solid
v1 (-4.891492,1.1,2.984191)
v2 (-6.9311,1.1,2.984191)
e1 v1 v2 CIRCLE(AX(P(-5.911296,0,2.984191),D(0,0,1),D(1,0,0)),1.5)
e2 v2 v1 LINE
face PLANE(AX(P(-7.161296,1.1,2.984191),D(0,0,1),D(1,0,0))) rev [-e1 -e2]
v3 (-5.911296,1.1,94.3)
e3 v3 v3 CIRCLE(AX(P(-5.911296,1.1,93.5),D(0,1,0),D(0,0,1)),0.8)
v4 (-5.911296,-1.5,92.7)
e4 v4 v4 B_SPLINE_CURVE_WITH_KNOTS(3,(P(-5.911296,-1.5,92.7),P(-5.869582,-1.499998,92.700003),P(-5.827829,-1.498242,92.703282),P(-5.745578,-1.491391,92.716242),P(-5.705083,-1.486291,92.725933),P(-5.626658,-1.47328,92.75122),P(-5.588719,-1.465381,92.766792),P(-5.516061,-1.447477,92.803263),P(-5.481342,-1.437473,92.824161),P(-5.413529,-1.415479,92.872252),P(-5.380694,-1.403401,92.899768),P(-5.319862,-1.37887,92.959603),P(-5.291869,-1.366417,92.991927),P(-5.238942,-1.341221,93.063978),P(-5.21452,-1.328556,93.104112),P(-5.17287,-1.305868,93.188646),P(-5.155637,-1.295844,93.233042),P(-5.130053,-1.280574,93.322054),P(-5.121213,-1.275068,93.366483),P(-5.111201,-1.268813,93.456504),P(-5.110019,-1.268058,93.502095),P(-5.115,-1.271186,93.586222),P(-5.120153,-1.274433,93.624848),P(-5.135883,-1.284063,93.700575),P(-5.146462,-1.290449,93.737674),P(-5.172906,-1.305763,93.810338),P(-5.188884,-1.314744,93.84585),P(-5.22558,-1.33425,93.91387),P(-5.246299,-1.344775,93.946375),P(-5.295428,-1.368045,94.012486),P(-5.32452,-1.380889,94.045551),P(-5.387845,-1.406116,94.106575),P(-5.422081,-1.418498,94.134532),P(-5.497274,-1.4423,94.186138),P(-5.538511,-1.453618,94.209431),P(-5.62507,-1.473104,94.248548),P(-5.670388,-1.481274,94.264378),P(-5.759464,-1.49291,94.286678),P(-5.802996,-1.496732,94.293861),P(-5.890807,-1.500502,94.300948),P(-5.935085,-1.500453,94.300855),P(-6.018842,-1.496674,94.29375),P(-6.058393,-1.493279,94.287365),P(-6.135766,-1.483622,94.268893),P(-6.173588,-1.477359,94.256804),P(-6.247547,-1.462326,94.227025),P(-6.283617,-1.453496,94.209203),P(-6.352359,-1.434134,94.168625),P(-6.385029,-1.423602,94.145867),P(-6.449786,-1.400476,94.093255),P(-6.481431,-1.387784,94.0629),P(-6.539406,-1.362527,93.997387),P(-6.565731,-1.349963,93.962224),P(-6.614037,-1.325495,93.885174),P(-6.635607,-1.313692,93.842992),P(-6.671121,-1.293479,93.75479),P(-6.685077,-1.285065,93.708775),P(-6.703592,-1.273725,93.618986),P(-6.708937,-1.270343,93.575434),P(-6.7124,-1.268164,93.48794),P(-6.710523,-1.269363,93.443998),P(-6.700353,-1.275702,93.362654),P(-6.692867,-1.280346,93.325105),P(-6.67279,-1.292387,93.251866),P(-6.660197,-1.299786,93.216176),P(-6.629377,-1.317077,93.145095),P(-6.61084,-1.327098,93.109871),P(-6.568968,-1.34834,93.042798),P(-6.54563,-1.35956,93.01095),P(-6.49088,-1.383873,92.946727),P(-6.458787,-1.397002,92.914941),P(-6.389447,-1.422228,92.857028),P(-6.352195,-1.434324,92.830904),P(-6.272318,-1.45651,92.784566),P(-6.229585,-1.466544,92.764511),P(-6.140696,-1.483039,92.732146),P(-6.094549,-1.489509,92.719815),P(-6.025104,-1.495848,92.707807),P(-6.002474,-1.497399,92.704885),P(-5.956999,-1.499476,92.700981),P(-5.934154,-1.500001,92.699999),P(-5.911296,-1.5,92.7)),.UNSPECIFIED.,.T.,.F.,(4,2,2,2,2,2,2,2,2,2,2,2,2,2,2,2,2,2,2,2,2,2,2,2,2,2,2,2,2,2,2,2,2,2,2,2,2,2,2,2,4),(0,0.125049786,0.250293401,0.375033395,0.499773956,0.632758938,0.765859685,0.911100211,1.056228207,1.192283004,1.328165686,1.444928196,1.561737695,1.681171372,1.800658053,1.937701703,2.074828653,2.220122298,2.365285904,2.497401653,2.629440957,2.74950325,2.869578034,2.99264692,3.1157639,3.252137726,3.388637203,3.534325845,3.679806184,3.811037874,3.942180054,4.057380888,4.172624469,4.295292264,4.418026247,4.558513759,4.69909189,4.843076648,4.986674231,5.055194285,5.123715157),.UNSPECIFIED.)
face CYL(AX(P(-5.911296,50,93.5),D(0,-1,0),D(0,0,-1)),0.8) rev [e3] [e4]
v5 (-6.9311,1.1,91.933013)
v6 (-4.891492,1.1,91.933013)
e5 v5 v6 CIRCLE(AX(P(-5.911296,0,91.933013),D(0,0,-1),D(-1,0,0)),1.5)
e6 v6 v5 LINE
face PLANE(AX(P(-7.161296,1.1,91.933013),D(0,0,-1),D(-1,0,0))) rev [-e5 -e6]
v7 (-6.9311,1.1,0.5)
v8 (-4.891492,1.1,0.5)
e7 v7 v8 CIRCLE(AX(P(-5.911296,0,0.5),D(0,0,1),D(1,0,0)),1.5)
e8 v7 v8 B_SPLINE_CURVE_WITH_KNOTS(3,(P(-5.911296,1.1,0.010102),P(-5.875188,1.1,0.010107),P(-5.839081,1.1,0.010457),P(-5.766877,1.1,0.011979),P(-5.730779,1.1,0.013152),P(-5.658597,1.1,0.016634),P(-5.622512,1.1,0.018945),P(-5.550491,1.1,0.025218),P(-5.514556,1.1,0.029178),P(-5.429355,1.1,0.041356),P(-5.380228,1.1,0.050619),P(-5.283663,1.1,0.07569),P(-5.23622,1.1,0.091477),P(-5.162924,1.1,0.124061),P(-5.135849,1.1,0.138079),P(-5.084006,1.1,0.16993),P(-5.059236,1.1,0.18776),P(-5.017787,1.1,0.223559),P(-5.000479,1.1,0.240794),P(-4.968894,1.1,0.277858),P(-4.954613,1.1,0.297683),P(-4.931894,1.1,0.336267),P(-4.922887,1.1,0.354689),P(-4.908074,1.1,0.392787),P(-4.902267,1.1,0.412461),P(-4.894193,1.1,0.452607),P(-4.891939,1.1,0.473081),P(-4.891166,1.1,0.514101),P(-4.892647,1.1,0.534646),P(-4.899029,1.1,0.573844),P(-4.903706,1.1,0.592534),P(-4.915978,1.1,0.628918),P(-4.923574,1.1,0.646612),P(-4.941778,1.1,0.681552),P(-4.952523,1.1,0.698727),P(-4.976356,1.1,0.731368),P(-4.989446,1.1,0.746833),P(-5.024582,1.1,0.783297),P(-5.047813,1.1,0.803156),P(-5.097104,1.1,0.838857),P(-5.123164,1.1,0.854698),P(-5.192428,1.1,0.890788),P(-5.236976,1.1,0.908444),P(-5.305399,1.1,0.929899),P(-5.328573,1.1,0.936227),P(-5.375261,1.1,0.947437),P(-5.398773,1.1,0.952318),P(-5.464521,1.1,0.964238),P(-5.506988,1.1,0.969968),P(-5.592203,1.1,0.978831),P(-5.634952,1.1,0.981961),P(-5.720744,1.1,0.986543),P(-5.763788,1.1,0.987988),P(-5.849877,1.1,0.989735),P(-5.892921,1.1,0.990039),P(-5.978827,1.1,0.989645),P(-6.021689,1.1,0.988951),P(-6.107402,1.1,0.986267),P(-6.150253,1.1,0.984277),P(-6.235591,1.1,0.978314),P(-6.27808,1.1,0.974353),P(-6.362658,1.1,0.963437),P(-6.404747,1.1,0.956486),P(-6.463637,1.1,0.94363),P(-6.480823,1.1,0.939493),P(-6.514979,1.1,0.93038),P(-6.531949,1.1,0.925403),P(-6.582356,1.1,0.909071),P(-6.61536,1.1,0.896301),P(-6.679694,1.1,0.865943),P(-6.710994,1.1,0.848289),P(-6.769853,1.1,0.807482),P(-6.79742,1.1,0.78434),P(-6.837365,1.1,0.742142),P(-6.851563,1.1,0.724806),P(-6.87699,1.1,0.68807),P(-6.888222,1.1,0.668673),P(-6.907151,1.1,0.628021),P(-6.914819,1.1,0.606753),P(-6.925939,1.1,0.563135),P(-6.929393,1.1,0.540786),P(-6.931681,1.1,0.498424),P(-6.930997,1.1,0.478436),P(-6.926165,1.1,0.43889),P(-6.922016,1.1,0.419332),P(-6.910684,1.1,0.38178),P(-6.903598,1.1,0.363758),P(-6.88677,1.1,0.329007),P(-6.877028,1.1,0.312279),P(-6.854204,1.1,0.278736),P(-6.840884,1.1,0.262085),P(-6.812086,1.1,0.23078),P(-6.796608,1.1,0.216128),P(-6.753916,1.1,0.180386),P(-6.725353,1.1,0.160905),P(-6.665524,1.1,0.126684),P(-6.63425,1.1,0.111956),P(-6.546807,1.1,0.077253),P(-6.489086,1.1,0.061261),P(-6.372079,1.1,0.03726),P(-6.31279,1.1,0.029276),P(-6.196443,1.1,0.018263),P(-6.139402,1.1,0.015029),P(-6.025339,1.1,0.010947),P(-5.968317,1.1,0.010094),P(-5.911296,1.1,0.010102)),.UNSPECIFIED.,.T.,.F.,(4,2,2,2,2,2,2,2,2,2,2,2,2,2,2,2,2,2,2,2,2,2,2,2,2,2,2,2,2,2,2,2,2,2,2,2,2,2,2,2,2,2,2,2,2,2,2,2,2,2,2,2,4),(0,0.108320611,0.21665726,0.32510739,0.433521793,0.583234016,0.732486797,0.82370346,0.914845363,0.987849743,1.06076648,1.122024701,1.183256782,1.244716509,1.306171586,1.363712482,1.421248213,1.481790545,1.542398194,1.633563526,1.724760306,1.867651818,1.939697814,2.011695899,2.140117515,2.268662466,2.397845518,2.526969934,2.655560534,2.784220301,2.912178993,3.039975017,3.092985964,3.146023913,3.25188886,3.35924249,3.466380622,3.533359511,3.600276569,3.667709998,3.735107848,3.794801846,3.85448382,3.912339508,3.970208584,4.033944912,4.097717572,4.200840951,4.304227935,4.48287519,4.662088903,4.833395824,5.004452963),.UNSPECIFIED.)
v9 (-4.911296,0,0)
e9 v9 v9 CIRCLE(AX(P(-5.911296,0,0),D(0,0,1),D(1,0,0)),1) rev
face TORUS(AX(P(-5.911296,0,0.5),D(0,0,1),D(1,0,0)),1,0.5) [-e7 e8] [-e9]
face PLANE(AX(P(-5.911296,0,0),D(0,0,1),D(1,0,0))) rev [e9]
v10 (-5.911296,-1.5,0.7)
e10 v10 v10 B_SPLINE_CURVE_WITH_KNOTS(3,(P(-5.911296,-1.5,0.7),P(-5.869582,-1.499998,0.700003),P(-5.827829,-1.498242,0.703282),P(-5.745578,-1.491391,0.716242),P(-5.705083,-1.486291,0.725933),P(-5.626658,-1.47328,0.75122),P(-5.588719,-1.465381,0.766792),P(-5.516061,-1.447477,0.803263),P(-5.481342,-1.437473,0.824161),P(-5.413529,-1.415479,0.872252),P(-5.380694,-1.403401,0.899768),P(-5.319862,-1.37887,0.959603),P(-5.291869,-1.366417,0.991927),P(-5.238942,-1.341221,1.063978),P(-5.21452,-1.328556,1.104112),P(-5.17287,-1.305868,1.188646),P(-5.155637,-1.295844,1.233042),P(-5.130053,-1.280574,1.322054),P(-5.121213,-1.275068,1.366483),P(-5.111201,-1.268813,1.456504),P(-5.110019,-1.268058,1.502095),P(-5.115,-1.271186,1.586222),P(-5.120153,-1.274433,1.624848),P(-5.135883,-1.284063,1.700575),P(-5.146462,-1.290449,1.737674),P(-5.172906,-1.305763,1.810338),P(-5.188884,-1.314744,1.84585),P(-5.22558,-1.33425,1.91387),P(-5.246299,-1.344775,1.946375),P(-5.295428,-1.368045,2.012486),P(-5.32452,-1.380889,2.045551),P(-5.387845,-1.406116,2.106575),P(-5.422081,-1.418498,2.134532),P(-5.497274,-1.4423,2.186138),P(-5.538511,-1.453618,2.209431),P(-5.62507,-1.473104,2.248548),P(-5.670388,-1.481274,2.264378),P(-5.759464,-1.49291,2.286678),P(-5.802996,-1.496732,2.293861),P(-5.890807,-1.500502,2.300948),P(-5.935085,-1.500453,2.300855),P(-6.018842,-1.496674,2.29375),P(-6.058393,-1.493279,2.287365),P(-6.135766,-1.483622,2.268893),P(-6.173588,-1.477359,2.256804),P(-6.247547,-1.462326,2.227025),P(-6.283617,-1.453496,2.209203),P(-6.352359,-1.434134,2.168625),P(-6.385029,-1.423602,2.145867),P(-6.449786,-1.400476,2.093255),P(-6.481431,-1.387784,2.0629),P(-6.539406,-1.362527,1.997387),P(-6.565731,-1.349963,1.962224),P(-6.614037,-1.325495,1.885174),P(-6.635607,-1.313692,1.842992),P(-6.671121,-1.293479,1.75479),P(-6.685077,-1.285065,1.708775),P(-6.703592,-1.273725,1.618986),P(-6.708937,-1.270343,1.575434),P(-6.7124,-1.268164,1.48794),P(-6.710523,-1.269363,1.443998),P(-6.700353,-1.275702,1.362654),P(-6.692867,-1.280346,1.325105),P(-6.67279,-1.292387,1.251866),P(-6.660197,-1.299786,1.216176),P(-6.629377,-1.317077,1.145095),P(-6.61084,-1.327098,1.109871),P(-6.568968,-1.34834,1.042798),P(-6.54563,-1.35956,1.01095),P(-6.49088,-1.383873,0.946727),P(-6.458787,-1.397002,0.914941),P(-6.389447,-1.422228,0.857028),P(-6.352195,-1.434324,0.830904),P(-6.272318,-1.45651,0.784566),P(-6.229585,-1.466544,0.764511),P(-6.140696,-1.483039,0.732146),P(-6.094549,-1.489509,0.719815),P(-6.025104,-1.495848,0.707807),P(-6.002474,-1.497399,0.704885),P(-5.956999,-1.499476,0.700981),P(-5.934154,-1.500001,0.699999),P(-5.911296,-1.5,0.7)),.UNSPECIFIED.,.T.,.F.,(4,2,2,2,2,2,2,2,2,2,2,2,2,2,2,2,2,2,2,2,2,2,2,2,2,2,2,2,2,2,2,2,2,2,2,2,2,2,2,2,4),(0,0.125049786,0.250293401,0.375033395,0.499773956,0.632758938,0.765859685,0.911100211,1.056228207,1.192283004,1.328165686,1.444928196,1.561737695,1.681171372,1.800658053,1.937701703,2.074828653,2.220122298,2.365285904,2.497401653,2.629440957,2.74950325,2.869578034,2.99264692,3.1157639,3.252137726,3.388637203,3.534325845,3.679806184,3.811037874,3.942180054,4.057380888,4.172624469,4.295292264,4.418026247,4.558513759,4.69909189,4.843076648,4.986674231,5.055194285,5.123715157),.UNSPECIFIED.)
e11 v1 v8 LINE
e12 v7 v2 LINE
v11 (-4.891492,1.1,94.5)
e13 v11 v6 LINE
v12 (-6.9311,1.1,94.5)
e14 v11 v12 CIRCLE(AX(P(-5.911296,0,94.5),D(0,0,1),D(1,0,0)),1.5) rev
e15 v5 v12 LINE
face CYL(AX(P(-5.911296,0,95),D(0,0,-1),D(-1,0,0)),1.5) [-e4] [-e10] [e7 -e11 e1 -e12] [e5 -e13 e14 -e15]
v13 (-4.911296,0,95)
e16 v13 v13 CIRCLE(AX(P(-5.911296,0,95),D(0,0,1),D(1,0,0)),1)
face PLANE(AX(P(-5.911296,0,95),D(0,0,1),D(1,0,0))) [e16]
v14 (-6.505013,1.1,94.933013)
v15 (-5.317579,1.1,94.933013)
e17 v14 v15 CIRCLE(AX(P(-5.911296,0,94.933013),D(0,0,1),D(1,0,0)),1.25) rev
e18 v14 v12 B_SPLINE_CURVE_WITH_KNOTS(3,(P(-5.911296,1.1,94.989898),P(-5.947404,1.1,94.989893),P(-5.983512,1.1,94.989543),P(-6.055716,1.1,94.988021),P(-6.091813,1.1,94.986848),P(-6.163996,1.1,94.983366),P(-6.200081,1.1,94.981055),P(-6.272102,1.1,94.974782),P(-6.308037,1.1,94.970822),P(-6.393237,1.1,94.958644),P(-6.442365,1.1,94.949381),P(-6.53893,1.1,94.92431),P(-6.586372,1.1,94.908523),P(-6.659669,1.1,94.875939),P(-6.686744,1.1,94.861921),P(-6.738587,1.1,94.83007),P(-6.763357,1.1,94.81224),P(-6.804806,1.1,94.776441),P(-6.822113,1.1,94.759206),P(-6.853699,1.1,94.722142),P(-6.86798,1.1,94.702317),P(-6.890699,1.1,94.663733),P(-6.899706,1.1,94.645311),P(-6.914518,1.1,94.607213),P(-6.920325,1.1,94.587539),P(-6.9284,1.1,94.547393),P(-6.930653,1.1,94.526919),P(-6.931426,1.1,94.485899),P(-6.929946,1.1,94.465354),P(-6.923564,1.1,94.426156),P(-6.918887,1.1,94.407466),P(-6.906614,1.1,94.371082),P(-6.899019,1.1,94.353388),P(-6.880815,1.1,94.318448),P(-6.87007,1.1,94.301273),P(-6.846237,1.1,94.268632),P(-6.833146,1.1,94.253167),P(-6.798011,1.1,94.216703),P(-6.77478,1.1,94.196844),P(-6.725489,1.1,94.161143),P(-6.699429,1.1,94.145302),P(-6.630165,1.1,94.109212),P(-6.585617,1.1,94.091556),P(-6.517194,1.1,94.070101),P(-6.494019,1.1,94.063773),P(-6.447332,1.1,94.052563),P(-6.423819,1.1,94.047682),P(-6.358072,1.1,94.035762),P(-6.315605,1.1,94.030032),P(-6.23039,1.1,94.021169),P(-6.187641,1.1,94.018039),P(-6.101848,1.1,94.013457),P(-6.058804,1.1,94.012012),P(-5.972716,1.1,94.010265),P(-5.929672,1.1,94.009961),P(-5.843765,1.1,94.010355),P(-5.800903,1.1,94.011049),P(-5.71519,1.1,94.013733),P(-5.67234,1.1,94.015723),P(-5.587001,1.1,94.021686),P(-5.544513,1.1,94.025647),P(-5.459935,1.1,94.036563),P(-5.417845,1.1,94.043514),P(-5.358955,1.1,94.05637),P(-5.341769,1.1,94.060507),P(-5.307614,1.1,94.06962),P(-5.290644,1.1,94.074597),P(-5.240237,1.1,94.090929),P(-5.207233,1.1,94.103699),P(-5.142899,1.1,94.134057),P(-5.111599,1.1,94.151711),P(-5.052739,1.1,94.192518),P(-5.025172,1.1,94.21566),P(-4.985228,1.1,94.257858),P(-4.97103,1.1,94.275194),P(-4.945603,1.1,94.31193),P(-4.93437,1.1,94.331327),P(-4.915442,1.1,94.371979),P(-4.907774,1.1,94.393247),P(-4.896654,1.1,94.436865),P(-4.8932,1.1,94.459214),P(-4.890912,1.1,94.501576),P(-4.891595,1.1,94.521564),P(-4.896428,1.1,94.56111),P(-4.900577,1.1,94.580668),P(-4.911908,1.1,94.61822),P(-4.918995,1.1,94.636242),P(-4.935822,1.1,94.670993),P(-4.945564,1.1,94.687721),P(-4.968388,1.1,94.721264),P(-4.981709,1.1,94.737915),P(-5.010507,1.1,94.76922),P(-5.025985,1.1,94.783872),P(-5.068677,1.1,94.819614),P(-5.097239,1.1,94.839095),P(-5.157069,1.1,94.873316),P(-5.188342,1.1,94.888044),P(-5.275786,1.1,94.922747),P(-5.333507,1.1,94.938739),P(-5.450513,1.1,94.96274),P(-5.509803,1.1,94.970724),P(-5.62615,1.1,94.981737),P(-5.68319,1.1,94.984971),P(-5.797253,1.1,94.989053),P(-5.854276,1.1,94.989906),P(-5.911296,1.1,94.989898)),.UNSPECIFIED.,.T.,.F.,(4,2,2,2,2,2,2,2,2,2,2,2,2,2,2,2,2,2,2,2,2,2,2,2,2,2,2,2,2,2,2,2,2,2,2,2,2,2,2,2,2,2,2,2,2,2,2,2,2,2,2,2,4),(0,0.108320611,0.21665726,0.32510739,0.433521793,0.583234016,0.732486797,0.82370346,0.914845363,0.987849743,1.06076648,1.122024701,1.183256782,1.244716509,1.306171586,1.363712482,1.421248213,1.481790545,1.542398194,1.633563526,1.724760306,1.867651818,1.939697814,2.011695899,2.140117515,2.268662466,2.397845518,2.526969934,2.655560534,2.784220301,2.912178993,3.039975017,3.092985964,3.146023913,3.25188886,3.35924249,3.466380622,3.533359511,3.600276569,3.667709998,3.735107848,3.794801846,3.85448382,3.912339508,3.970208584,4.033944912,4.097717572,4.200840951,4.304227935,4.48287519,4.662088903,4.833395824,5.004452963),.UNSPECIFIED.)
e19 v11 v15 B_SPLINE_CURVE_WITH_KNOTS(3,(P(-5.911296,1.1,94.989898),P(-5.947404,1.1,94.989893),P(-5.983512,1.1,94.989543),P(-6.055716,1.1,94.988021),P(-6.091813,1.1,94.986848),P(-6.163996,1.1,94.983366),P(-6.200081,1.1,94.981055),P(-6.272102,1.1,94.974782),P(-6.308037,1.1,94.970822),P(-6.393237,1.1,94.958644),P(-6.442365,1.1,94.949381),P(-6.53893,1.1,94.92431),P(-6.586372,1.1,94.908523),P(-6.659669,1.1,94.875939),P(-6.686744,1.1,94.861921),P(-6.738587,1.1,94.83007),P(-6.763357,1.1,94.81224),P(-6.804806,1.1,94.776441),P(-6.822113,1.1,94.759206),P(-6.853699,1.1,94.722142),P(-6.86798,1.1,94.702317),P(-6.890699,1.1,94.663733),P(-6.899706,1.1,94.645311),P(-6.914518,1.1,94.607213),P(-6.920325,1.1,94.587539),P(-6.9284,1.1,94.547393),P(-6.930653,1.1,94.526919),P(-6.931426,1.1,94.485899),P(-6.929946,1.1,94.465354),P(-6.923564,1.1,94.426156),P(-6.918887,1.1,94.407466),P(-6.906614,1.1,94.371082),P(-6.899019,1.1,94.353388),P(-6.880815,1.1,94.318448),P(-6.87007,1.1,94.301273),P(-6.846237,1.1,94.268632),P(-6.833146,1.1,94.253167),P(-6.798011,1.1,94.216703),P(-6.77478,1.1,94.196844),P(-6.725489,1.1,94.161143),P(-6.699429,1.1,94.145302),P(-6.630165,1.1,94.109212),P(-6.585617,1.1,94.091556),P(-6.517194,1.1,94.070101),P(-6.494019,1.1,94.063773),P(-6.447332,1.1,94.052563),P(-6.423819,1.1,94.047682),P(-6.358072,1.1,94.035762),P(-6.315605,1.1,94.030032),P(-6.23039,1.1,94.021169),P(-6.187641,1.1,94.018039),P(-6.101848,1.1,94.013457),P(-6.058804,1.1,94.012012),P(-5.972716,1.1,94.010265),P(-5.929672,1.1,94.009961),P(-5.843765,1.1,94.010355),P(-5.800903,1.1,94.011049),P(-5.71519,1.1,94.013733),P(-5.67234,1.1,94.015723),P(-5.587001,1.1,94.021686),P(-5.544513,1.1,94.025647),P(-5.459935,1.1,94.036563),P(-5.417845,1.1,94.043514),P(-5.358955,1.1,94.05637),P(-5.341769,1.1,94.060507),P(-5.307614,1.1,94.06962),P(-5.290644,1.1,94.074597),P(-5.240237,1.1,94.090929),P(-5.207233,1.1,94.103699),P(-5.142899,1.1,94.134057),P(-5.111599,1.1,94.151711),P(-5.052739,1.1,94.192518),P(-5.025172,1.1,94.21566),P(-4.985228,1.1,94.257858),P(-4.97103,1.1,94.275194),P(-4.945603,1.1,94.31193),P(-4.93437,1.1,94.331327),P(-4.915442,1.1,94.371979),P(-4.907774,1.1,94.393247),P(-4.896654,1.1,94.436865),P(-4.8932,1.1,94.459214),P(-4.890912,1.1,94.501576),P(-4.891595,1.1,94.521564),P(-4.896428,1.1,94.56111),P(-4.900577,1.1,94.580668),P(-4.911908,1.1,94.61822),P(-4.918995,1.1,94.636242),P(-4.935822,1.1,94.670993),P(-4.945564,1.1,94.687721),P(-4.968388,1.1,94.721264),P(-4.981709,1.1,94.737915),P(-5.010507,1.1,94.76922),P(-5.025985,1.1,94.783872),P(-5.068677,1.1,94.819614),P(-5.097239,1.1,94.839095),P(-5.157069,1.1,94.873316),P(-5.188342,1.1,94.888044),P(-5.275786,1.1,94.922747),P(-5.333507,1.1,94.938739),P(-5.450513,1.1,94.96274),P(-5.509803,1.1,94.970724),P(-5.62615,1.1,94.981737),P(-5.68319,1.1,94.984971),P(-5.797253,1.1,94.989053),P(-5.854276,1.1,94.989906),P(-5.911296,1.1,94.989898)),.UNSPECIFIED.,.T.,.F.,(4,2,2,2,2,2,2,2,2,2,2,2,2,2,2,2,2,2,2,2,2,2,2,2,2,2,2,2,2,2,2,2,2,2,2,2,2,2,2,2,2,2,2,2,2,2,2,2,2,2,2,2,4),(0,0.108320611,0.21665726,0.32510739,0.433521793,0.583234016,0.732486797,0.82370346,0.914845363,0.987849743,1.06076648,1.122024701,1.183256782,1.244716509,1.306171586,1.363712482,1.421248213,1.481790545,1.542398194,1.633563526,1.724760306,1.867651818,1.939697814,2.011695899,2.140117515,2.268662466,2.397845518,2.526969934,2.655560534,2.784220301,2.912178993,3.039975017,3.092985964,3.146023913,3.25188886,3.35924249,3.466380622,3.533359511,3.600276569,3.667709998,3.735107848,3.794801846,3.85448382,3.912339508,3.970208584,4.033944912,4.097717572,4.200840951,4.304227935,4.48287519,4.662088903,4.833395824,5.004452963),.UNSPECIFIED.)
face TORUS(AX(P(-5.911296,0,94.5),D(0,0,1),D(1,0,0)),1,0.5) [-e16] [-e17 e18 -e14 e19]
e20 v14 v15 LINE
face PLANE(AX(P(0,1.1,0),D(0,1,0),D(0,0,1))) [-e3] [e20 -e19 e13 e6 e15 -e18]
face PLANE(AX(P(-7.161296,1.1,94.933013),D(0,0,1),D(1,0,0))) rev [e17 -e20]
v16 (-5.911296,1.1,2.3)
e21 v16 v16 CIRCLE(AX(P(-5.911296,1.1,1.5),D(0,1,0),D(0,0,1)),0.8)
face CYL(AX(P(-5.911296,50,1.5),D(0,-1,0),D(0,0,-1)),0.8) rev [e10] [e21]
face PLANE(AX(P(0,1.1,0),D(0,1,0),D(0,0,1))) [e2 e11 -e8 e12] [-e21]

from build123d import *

# Parameters (mm, degrees)
SKETCH1_R               = 1.5
BOSS_EXTRUDE1_DEPTH     = 95
CUT_EXTRUDE1_DEPTH      = 50
CUT_EXTRUDE1_DEPTH_BACK = 50
SKETCH3_R               = 0.8
FILLET1_R               = 0.5
SKETCH4_W               = 2.5
SKETCH4_H               = 3
CUT_EXTRUDE3_DEPTH      = 0.4


with BuildPart() as part:
    # Sketch1 → Boss-Extrude1 (new body)
    with BuildSketch(Plane.XY):
        with Locations((-5.911296371, 0)):
            Circle(SKETCH1_R)
    extrude(amount=BOSS_EXTRUDE1_DEPTH)

    # Sketch3 → Cut-Extrude1 (cut, two sides: drawn at the far end of the back side and taken through both)
    with BuildSketch(Plane(origin=(0, 0, 0), x_dir=(1, 0, 0), z_dir=(0, 1, 0)).offset(-CUT_EXTRUDE1_DEPTH_BACK)):
        with Locations((-5.911296371, -1.5)):
            Circle(SKETCH3_R)
        with Locations((-5.911296371, -93.5)):
            Circle(SKETCH3_R)
    extrude(amount=CUT_EXTRUDE1_DEPTH + CUT_EXTRUDE1_DEPTH_BACK, mode=Mode.SUBTRACT)

    # Fillet1
    fillet1_edges = [part.edges().sort_by_distance(p)[0] for p in [
        (-7.411296371, 0, 0),
        (-7.411296371, 0, 95),
    ]]
    fillet(fillet1_edges, radius=FILLET1_R)

    # Sketch4 → Cut-Extrude3 (cut)
    with BuildSketch(Plane(origin=(0, 1.5, 0), x_dir=(1, 0, 0), z_dir=(0, 1, 0))):
        with Locations((-5.911296371, -93.433012702)):
            Rectangle(SKETCH4_W, SKETCH4_H)
        with Locations((-5.911296371, -1.484191421)):
            Rectangle(SKETCH4_W, SKETCH4_H)
    extrude(amount=-CUT_EXTRUDE3_DEPTH, mode=Mode.SUBTRACT)


solid = part.part
